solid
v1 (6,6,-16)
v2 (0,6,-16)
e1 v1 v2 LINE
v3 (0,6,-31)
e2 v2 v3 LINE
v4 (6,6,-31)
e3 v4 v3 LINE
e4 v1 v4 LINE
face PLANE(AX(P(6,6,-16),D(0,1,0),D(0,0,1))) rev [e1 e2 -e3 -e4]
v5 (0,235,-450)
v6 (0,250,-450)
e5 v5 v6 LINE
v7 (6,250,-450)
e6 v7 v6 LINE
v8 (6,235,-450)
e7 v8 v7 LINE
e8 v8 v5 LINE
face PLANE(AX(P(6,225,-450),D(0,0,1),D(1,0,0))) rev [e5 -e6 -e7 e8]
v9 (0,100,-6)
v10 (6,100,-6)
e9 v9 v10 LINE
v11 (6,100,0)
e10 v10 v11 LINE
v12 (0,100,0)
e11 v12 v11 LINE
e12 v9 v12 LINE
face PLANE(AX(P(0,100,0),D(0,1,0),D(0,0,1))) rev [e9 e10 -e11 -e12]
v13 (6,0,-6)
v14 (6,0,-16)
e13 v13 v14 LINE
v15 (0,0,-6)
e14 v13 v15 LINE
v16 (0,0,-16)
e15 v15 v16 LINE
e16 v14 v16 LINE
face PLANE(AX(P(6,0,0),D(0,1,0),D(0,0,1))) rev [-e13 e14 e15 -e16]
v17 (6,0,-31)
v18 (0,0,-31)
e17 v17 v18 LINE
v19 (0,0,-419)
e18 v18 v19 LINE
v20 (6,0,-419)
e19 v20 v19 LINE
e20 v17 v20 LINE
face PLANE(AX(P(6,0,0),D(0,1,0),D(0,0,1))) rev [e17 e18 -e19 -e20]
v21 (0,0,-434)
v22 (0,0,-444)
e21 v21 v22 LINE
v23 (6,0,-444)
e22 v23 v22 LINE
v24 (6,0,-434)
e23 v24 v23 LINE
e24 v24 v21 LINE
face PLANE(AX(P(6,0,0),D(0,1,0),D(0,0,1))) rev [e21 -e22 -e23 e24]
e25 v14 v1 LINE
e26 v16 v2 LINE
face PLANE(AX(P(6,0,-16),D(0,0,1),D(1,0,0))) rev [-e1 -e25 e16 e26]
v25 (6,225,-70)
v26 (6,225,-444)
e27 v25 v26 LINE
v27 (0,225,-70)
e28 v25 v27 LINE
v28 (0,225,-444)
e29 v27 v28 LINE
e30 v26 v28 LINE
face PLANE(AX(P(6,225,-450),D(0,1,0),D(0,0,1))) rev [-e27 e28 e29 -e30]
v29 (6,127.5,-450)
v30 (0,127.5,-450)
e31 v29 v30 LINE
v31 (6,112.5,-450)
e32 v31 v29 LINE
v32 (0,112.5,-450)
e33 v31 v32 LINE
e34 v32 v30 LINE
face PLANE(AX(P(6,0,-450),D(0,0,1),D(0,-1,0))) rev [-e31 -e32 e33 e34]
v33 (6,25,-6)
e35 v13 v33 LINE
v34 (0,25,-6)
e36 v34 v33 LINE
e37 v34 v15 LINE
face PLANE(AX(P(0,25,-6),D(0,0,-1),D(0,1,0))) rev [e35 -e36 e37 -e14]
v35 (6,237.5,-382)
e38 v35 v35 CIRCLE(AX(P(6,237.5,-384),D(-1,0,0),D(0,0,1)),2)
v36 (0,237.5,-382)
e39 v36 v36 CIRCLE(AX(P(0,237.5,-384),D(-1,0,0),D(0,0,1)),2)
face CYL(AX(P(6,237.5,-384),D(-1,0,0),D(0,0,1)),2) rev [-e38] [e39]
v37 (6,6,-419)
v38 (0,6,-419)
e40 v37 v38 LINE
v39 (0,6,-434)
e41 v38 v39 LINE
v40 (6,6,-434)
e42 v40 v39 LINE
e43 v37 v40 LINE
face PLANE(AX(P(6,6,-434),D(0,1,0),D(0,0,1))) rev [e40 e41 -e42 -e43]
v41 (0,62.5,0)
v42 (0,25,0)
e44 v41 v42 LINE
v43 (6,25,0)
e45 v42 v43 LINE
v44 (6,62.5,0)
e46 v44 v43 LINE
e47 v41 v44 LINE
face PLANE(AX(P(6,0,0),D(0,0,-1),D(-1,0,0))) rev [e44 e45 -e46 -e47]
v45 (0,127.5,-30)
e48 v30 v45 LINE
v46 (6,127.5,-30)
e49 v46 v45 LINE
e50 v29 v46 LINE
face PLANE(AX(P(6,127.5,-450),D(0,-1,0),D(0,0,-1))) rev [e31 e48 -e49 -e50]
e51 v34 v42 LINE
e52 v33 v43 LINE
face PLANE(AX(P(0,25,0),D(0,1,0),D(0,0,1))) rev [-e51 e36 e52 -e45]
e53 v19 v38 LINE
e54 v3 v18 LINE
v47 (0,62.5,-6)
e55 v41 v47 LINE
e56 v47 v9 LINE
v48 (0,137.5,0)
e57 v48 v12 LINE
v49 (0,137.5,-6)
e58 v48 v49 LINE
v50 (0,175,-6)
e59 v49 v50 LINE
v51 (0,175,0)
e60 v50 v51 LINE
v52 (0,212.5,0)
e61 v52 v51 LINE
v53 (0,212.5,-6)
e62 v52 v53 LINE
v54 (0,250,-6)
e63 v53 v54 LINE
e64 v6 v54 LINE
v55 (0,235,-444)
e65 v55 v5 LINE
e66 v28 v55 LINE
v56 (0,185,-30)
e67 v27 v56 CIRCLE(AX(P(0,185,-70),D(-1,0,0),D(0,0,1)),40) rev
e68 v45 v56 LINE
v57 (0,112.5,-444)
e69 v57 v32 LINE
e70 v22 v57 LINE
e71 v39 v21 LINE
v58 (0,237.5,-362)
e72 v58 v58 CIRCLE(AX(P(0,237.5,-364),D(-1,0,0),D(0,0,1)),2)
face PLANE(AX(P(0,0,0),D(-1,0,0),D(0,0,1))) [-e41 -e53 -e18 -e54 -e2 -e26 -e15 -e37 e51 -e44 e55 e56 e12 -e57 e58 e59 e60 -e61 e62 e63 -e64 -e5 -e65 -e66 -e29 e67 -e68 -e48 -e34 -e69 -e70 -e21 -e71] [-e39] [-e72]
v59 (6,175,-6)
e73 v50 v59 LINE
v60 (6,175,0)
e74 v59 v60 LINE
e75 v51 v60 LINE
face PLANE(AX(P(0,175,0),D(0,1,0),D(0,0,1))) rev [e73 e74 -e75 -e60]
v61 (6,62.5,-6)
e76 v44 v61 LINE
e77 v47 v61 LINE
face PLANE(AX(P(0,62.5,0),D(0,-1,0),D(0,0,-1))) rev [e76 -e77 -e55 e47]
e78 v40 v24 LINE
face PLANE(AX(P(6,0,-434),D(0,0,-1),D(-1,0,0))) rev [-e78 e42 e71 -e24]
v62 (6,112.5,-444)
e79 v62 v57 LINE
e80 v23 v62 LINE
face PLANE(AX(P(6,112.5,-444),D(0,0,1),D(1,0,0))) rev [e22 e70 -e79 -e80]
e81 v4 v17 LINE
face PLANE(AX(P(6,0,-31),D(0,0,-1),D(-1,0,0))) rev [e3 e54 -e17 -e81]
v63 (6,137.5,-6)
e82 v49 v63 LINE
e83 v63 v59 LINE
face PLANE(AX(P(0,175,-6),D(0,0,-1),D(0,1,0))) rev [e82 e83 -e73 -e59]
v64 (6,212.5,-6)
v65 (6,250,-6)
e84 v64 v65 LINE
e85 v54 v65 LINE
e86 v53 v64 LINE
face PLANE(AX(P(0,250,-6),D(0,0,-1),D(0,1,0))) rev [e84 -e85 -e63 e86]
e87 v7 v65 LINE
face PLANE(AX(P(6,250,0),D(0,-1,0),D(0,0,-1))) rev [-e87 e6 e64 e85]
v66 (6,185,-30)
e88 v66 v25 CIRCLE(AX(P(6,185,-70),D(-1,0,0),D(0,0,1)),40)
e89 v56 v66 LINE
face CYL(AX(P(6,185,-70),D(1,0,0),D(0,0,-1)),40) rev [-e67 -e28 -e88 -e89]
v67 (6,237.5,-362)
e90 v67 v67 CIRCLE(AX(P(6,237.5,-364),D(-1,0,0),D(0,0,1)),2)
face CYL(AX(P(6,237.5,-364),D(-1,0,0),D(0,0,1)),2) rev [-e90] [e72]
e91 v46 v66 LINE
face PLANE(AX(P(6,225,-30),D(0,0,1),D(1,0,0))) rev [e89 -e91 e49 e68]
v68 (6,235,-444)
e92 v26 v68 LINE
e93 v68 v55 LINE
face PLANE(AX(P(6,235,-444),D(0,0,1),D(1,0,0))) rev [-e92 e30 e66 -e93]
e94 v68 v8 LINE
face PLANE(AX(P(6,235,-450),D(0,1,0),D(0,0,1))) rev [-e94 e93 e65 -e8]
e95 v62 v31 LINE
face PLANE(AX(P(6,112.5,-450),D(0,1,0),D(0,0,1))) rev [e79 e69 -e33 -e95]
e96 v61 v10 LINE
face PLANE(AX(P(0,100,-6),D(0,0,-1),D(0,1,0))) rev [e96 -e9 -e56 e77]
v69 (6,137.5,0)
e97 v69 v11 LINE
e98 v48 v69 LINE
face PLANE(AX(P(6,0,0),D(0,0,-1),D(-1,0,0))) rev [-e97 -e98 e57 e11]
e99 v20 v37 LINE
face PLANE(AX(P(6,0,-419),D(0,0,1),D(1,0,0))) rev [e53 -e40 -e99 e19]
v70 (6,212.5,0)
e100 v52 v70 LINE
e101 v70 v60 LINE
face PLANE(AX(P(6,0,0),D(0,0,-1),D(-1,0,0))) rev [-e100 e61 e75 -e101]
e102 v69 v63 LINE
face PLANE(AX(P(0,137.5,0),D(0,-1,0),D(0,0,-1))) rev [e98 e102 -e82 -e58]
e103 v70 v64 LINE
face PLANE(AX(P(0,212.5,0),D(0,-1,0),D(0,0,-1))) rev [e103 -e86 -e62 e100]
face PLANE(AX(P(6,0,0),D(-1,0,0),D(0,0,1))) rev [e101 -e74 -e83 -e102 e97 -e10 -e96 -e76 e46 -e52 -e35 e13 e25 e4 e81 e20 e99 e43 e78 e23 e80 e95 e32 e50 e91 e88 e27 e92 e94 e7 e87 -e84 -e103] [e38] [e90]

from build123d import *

# Parameters (mm, degrees)
BOSS_EXTRUDE1_DEPTH = 6
SKETCH2_W           = 6
SKETCH2_H           = 37.5
CUT_EXTRUDE1_DEPTH  = 6
LPATTERN1_COUNT     = 4
LPATTERN1_PITCH     = 75
FILLET1_R           = 40
SKETCH3_W           = 6
SKETCH3_H           = 10
SKETCH3_H_2         = 112.5
CUT_EXTRUDE2_DEPTH  = 515.816472153
SKETCH4_W           = 15
SKETCH4_H           = 6
CUT_EXTRUDE3_DEPTH  = 515.816472153
SKETCH5_R           = 2
CUT_EXTRUDE4_DEPTH  = 515.816472153


with BuildPart() as part:
    # Sketch1 → Boss-Extrude1 (new body)
    with BuildSketch(Plane(origin=(0, 0, 0), x_dir=(0, 0, -1), z_dir=(1, 0, 0))):
        Polygon((450, 225), (450, 250), (0, 250), (0, 0), (450, 0), (450, 127.5), (30, 127.5), (30, 225), align=None)
    extrude(amount=BOSS_EXTRUDE1_DEPTH)

    # Sketch2 → Cut-Extrude1 (cut)
    with BuildSketch(Plane(origin=(6, 0, 0), x_dir=(0, 0, -1), z_dir=(1, 0, 0))):
        with Locations((3, 231.25)):
            Rectangle(SKETCH2_W, SKETCH2_H)
    cut_extrude1 = extrude(amount=-CUT_EXTRUDE1_DEPTH, mode=Mode.SUBTRACT)

    # LPattern1: Cut-Extrude1 ×4
    with Locations(*[(0, -i * LPATTERN1_PITCH, 0) for i in range(1, LPATTERN1_COUNT)]):
        add(cut_extrude1, mode=Mode.SUBTRACT)

    # Fillet1
    fillet1_edges = [part.edges().sort_by_distance(p)[0] for p in [
        (3, 225, -30),
    ]]
    fillet(fillet1_edges, radius=FILLET1_R)

    # Sketch3 → Cut-Extrude2 (cut, through all)
    with BuildSketch(Plane.ZY):
        with Locations((-447, 230)):
            Rectangle(SKETCH3_W, SKETCH3_H)
        with Locations((-447, 56.25)):
            Rectangle(SKETCH3_W, SKETCH3_H_2)
    extrude(amount=-CUT_EXTRUDE2_DEPTH, mode=Mode.SUBTRACT)

    # Sketch4 → Cut-Extrude3 (cut, through all)
    with BuildSketch(Plane.ZY):
        with Locations((-23.5, 3)):
            Rectangle(SKETCH4_W, SKETCH4_H)
        with Locations((-426.5, 3)):
            Rectangle(SKETCH4_W, SKETCH4_H)
    extrude(amount=-CUT_EXTRUDE3_DEPTH, mode=Mode.SUBTRACT)

    # Sketch5 → Cut-Extrude4 (cut, through all)
    with BuildSketch(Plane.ZY):
        with Locations((-384, 237.5)):
            Circle(SKETCH5_R)
        with Locations((-364, 237.5)):
            Circle(SKETCH5_R)
    extrude(amount=-CUT_EXTRUDE4_DEPTH, mode=Mode.SUBTRACT)


solid = part.part
